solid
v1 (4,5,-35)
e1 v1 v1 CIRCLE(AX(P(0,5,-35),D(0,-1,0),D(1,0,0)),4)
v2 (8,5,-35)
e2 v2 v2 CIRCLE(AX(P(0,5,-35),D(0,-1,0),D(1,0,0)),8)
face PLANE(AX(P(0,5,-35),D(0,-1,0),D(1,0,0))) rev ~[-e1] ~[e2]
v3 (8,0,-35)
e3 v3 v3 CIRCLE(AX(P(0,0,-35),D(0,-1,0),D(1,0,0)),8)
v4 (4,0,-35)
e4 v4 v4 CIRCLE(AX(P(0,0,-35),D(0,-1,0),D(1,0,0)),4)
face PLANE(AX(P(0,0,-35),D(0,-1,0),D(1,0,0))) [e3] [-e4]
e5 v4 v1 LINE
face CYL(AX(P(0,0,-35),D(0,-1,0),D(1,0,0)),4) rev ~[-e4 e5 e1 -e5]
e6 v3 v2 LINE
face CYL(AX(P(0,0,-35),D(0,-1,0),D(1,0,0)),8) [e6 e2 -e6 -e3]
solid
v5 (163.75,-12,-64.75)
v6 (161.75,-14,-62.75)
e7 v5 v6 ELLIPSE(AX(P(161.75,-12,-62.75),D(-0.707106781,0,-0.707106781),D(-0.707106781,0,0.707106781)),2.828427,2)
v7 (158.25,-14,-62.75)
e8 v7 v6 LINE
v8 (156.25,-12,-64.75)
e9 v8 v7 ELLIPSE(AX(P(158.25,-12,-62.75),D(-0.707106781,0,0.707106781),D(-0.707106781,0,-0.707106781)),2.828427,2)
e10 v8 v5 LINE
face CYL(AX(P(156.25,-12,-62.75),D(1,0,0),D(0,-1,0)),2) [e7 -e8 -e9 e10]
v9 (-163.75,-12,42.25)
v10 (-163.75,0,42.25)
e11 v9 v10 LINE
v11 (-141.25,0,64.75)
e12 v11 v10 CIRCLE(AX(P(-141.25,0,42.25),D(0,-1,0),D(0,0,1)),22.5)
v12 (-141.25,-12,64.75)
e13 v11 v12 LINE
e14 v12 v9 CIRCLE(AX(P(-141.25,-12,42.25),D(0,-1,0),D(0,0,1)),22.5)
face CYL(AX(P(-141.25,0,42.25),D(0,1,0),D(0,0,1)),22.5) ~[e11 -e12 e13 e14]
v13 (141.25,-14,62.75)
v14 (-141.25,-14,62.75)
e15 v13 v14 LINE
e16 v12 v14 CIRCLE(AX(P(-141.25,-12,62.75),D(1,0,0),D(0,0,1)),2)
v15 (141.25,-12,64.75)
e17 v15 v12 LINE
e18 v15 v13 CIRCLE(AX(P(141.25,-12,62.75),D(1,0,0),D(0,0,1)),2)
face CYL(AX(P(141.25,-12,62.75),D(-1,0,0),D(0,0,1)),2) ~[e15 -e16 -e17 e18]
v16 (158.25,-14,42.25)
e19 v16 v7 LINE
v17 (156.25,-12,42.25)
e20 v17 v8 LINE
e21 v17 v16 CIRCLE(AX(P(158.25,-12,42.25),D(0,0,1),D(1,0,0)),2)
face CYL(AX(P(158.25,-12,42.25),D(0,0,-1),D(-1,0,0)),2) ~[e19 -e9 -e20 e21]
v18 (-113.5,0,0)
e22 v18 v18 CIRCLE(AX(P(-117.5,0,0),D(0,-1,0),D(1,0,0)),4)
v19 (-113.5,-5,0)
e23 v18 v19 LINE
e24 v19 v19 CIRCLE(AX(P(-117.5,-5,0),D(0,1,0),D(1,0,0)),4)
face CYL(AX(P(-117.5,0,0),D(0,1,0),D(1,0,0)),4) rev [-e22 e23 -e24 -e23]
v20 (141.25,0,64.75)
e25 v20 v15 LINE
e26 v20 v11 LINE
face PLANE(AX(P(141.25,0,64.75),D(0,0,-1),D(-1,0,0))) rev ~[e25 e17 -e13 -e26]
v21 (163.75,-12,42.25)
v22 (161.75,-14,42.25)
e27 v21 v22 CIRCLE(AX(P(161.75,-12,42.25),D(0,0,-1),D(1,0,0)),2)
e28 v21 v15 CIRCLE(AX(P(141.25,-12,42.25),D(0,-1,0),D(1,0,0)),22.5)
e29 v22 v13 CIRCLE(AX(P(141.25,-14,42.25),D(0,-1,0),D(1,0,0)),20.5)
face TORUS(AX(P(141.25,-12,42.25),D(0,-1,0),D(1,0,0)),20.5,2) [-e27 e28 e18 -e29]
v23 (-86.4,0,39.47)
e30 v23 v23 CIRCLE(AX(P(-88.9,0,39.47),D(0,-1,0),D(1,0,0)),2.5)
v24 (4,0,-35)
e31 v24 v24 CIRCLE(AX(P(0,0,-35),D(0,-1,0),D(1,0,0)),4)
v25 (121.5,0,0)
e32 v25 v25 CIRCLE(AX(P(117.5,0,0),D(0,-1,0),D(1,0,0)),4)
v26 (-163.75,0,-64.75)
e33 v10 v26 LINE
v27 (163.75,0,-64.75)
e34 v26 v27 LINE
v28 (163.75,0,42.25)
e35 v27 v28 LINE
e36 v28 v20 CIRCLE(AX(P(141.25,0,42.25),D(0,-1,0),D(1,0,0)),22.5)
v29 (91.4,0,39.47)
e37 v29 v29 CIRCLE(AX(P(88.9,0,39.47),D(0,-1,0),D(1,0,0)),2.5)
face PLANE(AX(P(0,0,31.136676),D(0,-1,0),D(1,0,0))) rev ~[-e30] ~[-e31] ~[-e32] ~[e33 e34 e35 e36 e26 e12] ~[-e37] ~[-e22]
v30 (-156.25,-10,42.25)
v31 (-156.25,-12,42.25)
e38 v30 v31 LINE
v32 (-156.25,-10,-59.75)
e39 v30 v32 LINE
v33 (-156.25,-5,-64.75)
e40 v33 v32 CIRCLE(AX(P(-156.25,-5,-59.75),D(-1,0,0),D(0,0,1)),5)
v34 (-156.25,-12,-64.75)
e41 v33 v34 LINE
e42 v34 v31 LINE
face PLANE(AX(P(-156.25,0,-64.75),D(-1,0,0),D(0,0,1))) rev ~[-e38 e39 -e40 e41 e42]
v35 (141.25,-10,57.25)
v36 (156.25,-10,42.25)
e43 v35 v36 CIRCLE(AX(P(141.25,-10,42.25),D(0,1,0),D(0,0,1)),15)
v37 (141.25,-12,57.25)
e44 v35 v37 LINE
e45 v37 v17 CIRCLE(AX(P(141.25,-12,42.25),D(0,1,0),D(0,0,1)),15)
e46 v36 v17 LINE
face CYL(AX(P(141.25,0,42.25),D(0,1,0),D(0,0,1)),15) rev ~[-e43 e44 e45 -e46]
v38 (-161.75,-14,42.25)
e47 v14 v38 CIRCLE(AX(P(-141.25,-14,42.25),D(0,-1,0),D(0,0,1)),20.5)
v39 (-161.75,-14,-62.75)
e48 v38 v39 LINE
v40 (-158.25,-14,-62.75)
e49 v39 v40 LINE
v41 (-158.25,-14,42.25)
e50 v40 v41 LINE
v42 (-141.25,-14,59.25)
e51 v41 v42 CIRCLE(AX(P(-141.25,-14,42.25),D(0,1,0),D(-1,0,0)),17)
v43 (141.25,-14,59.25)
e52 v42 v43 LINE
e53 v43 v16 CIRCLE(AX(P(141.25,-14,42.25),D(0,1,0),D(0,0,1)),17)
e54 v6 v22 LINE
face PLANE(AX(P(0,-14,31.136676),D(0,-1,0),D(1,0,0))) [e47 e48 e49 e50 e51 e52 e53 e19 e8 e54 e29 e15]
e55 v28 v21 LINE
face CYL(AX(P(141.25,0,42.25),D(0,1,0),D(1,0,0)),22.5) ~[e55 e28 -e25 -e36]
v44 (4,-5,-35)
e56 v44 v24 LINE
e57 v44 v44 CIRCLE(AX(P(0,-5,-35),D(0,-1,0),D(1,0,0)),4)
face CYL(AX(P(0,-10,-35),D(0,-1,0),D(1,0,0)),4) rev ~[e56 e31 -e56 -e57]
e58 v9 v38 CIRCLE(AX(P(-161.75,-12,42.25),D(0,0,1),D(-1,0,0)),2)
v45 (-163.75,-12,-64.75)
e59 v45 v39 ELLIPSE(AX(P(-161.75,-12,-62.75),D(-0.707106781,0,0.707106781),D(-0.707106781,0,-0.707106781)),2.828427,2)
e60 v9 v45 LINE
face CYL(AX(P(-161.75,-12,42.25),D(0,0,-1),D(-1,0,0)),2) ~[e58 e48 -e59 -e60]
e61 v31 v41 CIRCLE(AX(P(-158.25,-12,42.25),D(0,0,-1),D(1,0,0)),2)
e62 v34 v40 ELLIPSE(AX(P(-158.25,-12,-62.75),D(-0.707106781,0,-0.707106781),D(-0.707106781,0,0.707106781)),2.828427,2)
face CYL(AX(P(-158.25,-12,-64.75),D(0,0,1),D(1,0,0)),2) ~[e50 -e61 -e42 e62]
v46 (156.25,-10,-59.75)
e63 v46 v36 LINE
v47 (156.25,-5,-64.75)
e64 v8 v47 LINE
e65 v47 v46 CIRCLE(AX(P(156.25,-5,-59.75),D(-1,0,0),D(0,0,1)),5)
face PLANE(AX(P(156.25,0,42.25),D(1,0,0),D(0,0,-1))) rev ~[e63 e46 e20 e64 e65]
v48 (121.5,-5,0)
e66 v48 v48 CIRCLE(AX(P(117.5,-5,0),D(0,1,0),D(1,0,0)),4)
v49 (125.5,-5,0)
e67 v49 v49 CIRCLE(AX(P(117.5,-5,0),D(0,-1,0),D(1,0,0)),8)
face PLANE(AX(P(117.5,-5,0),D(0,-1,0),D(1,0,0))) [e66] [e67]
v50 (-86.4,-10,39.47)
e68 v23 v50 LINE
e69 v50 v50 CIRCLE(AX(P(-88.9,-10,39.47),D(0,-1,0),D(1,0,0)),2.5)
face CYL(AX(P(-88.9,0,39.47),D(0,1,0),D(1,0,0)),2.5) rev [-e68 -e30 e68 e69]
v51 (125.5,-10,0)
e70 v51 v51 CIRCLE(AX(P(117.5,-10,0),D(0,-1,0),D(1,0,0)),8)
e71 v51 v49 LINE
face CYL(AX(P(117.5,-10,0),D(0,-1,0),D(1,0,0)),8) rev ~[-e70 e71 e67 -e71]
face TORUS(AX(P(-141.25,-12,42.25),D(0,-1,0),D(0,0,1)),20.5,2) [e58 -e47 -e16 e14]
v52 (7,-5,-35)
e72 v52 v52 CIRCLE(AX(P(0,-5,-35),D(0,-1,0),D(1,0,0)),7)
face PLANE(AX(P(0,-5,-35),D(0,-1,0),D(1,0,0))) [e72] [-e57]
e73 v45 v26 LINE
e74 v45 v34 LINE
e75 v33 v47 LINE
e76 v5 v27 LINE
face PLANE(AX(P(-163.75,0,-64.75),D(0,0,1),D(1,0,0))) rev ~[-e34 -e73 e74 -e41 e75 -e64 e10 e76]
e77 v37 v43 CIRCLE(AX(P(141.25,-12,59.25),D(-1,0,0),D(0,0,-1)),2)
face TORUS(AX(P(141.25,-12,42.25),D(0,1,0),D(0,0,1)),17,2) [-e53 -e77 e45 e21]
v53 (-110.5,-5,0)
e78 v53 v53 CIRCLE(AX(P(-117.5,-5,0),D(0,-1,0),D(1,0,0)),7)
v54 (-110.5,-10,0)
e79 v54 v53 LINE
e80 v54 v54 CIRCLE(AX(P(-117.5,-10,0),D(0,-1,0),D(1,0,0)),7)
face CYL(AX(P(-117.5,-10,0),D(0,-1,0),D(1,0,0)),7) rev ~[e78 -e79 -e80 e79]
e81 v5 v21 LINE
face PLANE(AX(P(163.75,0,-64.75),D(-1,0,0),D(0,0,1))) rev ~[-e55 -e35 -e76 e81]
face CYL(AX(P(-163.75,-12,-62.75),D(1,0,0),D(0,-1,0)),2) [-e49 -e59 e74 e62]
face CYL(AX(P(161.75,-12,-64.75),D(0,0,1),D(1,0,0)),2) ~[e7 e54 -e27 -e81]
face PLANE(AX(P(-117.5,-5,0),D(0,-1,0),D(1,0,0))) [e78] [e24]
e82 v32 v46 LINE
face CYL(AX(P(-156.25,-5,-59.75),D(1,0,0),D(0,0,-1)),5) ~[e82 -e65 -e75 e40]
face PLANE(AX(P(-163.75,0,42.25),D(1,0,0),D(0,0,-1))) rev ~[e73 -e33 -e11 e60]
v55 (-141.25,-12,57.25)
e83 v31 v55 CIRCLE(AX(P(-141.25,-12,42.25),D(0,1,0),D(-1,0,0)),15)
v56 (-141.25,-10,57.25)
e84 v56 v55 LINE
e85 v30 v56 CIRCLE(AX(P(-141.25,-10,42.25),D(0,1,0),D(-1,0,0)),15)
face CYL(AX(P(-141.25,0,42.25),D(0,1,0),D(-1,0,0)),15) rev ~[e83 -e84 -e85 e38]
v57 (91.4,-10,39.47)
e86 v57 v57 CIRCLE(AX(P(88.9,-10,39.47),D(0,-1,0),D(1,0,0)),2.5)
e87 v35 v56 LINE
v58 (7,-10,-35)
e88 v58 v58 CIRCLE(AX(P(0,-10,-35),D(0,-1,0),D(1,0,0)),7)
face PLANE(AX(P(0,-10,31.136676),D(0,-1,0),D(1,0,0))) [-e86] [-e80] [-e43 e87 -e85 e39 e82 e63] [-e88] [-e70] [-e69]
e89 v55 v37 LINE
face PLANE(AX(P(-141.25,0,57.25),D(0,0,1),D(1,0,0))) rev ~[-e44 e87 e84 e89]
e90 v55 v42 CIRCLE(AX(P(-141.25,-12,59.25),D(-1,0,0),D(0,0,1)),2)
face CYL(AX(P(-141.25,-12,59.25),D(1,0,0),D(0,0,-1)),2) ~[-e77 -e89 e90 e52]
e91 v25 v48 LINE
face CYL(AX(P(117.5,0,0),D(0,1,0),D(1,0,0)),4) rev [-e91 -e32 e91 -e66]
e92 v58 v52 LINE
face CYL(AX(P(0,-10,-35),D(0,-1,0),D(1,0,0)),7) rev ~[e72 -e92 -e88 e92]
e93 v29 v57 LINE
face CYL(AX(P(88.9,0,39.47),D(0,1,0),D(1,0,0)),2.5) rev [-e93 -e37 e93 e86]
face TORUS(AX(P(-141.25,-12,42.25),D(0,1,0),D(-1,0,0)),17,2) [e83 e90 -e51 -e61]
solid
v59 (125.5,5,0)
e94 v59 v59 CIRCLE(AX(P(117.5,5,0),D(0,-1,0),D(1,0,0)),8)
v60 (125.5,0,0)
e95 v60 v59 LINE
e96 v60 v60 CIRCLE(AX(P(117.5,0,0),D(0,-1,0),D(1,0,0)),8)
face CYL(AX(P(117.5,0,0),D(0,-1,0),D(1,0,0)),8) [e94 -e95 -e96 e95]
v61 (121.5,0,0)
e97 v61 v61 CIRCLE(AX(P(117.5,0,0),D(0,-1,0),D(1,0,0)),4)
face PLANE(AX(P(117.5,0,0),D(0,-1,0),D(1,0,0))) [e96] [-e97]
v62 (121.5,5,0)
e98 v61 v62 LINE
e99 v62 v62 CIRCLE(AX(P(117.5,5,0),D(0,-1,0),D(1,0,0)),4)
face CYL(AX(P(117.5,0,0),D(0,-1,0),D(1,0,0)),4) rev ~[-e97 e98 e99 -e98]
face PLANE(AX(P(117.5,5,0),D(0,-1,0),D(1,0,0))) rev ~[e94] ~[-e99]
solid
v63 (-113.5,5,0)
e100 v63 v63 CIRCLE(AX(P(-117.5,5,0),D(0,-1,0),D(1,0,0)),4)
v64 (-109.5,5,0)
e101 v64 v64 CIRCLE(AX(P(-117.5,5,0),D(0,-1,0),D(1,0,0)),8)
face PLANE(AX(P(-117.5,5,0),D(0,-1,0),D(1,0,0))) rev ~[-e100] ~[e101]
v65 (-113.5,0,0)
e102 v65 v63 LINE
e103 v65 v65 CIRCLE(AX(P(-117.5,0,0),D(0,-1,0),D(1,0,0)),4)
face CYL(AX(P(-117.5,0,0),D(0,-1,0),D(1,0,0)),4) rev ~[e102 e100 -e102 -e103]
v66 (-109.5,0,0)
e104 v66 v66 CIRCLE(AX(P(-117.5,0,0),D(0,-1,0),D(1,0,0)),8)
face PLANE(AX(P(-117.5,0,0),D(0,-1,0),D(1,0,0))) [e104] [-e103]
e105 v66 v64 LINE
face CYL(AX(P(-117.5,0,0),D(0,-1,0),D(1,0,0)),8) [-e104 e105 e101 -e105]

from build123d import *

# Parameters (mm, degrees)
F0_R      = 4
F0_R_2    = 2.5
F1_DEPTH  = 10
F2_DEPTH  = 14
F3_R      = 2
F4_R      = 5
F5_R      = 7
F5_R_2    = 8
F6_DEPTH  = 5
F7_R      = 8
F7_R_2    = 4
F8_DEPTH  = 5
F9_R      = 4
F10_DEPTH = 25
F11_R     = 7
F11_R_2   = 4
F12_DEPTH = 5


with BuildPart() as f1:
    # F0 (on Front) → F1 (new body)
    with BuildSketch(Plane.XZ):
        with BuildLine():
            Line((-141.25, 57.25), (141.25, 57.25))
            ThreePointArc((141.25, 57.25), (151.8566017178, 52.8566017178), (156.25, 42.25))
            Line((156.25, 42.25), (156.25, -64.75))
            Line((156.25, -64.75), (163.75, -64.75))
            Line((163.75, -64.75), (163.75, 42.25))
            ThreePointArc((163.75, 42.25), (157.1599025767, 58.1599025767), (141.25, 64.75))
            Line((141.25, 64.75), (-141.25, 64.75))
            ThreePointArc((-141.25, 64.75), (-157.1599025767, 58.1599025767), (-163.75, 42.25))
            Line((-163.75, 42.25), (-163.75, -64.75))
            Line((-163.75, -64.75), (-156.25, -64.75))
            Line((-156.25, -64.75), (-156.25, 42.25))
            ThreePointArc((-156.25, 42.25), (-151.8566017178, 52.8566017178), (-141.25, 57.25))
        make_face()
        with BuildLine():
            ThreePointArc((156.25, 42.25), (151.8566017178, 52.8566017178), (141.25, 57.25))
            Line((141.25, 57.25), (-141.25, 57.25))
            ThreePointArc((-141.25, 57.25), (-151.8566017178, 52.8566017178), (-156.25, 42.25))
            Line((-156.25, 42.25), (-156.25, -64.75))
            Line((-156.25, -64.75), (156.25, -64.75))
            Line((156.25, -64.75), (156.25, 42.25))
        make_face()
        with Locations((-117.5, 0)):
            Circle(F0_R, mode=Mode.SUBTRACT)
        with Locations((-88.9, 39.47)):
            Circle(F0_R_2, mode=Mode.SUBTRACT)
        with Locations((117.5, 0)):
            Circle(F0_R, mode=Mode.SUBTRACT)
        with Locations((88.9, 39.47)):
            Circle(F0_R_2, mode=Mode.SUBTRACT)
    extrude(amount=F1_DEPTH)

    # F0 (on Front) → F2 (join)
    with BuildSketch(Plane.XZ):
        with BuildLine():
            Line((-141.25, 57.25), (141.25, 57.25))
            ThreePointArc((141.25, 57.25), (151.8566017178, 52.8566017178), (156.25, 42.25))
            Line((156.25, 42.25), (156.25, -64.75))
            Line((156.25, -64.75), (163.75, -64.75))
            Line((163.75, -64.75), (163.75, 42.25))
            ThreePointArc((163.75, 42.25), (157.1599025767, 58.1599025767), (141.25, 64.75))
            Line((141.25, 64.75), (-141.25, 64.75))
            ThreePointArc((-141.25, 64.75), (-157.1599025767, 58.1599025767), (-163.75, 42.25))
            Line((-163.75, 42.25), (-163.75, -64.75))
            Line((-163.75, -64.75), (-156.25, -64.75))
            Line((-156.25, -64.75), (-156.25, 42.25))
            ThreePointArc((-156.25, 42.25), (-151.8566017178, 52.8566017178), (-141.25, 57.25))
        make_face()
    extrude(amount=F2_DEPTH)

    # F3
    f3_edges = [f1.edges().sort_by_distance(p)[0] for p in [
        (-163.75, -14, -11.25),
        (0, -14, 57.25),
        (-160, -14, -64.75),
        (160, -14, -64.75),
    ]]
    fillet(f3_edges, radius=F3_R)

    # F4
    f4_edges = [f1.edges().sort_by_distance(p)[0] for p in [
        (0, -10, -64.75),
    ]]
    fillet(f4_edges, radius=F4_R)

    # F5 (on face) → F6 (cut)
    with BuildSketch(Plane.XZ.offset(10)):
        with Locations((-117.5, 0)):
            Circle(F5_R)
        with Locations((117.5, 0)):
            Circle(F5_R_2)
    extrude(amount=-F6_DEPTH, mode=Mode.SUBTRACT)

    # F9 (on face) → F10 (cut)
    with BuildSketch(Plane.XZ.offset(10)):
        with Locations((0, -35)):
            Circle(F9_R)
    extrude(amount=-F10_DEPTH, mode=Mode.SUBTRACT)

    # F11 (on face) → F12 (cut)
    with BuildSketch(Plane.XZ.offset(10)):
        with Locations((0, -35)):
            Circle(F11_R)
        with Locations((0, -35)):
            Circle(F11_R_2, mode=Mode.SUBTRACT)
    extrude(amount=-F12_DEPTH, mode=Mode.SUBTRACT)


with BuildPart() as f8:
    # F7 (on face) → F8 (new body)
    with BuildSketch(Plane.XZ):
        with Locations((117.5, 0)):
            Circle(F7_R)
        with Locations((117.5, 0)):
            Circle(F7_R_2, mode=Mode.SUBTRACT)
    extrude(amount=-F8_DEPTH)


with BuildPart() as f8b:
    # F7 (on face) → F8, piece 2 (new body)
    with BuildSketch(Plane.XZ):
        with Locations((-117.5, 0)):
            Circle(F7_R)
        with Locations((-117.5, 0)):
            Circle(F7_R_2, mode=Mode.SUBTRACT)
    extrude(amount=-F8_DEPTH)


with BuildPart() as f8c:
    # F7 (on face) → F8, piece 3 (new body)
    with BuildSketch(Plane.XZ):
        with Locations((0, -35)):
            Circle(F7_R)
        with Locations((0, -35)):
            Circle(F7_R_2, mode=Mode.SUBTRACT)
    extrude(amount=-F8_DEPTH)


solid = Compound([f1.part, f8.part, f8b.part, f8c.part])
